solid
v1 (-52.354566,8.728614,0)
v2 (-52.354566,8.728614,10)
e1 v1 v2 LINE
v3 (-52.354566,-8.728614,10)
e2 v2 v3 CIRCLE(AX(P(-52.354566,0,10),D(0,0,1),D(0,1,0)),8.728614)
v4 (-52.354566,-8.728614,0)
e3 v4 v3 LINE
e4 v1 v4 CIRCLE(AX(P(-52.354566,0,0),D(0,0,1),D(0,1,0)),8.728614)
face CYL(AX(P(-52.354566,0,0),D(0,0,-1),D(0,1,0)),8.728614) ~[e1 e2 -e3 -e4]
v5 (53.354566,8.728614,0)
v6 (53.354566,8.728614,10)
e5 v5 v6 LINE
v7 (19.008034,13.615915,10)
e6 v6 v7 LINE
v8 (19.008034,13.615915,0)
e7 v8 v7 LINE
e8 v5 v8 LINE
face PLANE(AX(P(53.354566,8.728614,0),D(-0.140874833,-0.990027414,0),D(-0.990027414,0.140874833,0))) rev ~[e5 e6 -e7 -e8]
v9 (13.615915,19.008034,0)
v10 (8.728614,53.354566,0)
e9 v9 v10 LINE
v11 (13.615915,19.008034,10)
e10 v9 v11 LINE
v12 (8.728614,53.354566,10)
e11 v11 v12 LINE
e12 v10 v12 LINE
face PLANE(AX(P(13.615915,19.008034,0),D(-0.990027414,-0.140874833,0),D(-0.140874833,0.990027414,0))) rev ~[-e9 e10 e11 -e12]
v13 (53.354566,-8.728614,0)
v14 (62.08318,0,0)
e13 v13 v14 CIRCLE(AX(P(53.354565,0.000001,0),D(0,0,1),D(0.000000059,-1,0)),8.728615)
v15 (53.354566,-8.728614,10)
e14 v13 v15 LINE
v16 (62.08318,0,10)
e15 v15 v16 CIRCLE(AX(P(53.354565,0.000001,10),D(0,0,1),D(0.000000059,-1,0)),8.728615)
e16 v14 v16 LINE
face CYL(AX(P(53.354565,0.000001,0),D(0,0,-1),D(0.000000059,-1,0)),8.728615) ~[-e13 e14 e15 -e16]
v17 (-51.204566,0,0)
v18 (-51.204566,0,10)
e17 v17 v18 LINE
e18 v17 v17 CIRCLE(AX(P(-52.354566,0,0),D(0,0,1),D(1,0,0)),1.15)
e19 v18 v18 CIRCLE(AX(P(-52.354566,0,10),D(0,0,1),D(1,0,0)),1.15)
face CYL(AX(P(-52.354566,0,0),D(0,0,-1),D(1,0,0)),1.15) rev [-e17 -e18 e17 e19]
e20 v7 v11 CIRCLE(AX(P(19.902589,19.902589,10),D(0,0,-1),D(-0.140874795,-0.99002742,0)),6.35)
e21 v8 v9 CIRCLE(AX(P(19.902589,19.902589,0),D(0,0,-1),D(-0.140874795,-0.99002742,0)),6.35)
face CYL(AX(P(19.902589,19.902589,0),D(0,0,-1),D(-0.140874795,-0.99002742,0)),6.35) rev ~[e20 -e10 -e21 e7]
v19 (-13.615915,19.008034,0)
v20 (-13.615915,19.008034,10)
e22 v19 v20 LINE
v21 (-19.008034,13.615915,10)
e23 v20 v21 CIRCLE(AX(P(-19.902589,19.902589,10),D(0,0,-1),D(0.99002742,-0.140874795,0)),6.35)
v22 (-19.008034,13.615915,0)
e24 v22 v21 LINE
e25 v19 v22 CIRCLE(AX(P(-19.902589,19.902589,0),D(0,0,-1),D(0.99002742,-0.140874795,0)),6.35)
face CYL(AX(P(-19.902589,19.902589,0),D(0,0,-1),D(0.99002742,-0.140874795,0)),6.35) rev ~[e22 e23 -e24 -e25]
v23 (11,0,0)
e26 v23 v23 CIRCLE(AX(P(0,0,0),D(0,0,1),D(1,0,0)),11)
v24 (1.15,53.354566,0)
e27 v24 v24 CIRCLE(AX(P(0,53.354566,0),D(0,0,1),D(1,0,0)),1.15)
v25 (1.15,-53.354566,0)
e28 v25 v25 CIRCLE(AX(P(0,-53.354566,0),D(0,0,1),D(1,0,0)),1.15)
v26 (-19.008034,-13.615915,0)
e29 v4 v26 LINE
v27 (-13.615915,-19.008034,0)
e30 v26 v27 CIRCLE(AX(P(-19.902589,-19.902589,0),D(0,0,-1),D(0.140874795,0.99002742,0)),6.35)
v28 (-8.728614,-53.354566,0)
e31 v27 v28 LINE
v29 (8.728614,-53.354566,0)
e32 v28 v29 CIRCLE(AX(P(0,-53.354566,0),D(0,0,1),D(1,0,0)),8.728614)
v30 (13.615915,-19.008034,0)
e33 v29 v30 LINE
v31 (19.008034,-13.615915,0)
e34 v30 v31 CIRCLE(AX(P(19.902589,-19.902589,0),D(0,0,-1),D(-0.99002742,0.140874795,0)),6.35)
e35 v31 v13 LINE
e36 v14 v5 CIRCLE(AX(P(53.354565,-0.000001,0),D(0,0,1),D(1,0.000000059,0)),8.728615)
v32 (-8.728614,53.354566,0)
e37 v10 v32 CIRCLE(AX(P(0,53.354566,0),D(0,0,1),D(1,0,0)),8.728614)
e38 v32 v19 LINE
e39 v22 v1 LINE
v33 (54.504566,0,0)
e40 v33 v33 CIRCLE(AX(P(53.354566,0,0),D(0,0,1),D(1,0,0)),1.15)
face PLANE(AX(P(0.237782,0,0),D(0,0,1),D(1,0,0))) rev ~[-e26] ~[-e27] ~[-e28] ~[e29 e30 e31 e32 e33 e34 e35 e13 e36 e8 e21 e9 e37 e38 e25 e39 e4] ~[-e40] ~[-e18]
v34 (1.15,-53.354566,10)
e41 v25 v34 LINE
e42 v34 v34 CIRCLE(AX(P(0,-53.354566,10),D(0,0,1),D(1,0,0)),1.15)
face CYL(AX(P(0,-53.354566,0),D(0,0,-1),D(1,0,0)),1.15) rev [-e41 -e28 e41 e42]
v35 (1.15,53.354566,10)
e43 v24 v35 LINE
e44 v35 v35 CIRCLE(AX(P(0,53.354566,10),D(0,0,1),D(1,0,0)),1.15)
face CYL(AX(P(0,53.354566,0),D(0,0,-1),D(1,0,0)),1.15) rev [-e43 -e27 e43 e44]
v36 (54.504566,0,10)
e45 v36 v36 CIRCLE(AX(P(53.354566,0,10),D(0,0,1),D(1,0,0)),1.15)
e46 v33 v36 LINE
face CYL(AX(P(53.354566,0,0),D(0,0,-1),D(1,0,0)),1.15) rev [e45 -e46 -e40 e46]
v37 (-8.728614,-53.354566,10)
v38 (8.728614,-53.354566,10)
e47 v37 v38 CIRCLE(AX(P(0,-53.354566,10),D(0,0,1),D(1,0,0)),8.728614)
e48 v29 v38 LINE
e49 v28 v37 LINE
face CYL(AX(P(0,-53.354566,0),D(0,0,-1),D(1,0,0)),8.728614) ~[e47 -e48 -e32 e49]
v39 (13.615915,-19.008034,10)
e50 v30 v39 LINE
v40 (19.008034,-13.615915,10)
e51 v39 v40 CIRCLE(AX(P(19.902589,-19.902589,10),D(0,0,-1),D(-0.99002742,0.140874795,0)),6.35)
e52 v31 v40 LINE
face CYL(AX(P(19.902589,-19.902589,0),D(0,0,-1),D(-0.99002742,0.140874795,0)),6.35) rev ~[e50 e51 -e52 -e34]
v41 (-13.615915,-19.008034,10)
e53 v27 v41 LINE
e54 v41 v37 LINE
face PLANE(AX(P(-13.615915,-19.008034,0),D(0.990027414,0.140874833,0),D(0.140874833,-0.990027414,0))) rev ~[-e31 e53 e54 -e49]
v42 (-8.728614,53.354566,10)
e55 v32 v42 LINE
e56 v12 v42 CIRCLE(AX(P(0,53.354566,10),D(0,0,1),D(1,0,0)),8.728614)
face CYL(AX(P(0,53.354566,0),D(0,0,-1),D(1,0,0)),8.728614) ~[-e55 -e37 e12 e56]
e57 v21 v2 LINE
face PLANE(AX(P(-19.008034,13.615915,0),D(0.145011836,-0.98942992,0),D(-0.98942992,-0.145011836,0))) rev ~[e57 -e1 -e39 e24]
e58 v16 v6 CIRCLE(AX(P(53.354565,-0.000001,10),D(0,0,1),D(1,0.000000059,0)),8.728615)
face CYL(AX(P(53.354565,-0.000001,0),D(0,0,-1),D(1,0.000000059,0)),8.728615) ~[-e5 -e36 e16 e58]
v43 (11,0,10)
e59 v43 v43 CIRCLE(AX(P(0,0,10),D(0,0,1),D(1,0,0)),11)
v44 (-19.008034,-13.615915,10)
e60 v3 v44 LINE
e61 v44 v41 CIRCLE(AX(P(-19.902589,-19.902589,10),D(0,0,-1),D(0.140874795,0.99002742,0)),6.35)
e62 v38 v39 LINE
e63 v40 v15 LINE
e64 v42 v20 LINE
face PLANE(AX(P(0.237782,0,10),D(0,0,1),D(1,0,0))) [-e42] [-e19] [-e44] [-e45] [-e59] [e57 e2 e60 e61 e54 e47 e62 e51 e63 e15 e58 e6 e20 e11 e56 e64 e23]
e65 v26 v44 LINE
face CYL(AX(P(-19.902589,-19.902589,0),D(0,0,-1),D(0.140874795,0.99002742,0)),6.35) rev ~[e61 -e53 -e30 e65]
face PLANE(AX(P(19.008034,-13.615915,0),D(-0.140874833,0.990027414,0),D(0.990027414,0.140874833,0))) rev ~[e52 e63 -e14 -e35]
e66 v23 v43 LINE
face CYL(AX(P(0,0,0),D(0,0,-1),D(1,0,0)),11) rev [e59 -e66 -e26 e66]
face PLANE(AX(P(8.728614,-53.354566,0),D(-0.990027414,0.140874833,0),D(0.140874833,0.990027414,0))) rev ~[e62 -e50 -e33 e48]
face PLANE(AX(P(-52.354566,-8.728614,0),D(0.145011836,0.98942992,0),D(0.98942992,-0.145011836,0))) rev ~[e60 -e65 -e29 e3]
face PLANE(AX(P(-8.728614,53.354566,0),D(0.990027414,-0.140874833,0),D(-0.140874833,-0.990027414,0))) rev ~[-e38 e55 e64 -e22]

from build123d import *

# Parameters (mm, degrees)
F0_R     = 11
F0_R_2   = 1.15
F1_DEPTH = 10


with BuildPart() as f1:
    # F0 (on Top) → F1 (new body)
    with BuildSketch(Plane.XY):
        with BuildLine():
            Line((13.615915, 19.008034), (8.728614, 53.354566))
            ThreePointArc((8.728614, 53.354566), (0, 44.625952), (-8.728614, 53.354566))
            Line((-8.728614, 53.354566), (-13.615915, 19.008034))
            ThreePointArc((-13.615915, 19.008034), (-15.412461, 15.412461), (-19.008034, 13.615915))
            Line((-19.008034, 13.615915), (-52.354566, 8.728614))
            ThreePointArc((-52.354566, 8.728614), (-46.182504, 6.172062), (-43.625952, 0))
            ThreePointArc((-43.625952, 0), (-46.182504, -6.172062), (-52.354566, -8.728614))
            Line((-52.354566, -8.728614), (-19.008034, -13.615915))
            ThreePointArc((-19.008034, -13.615915), (-15.412461, -15.412461), (-13.615915, -19.008034))
            Line((-13.615915, -19.008034), (-8.728614, -53.354566))
            ThreePointArc((-8.728614, -53.354566), (0, -44.625952), (8.728614, -53.354566))
            Line((8.728614, -53.354566), (13.615915, -19.008034))
            ThreePointArc((13.615915, -19.008034), (15.412461, -15.412461), (19.008034, -13.615915))
            Line((19.008034, -13.615915), (53.354566, -8.728614))
            ThreePointArc((53.354566, -8.728614), (44.625952, 0), (53.354566, 8.728614))
            Line((53.354566, 8.728614), (19.008034, 13.615915))
            ThreePointArc((19.008034, 13.615915), (15.412461, 15.412461), (13.615915, 19.008034))
        make_face()
        Circle(F0_R, mode=Mode.SUBTRACT)
        with BuildLine():
            ThreePointArc((-8.728614, -53.354566), (0, -62.08318), (8.728614, -53.354566))
            ThreePointArc((8.728614, -53.354566), (0, -44.625952), (-8.728614, -53.354566))
        make_face()
        with Locations((0, -53.354566)):
            Circle(F0_R_2, mode=Mode.SUBTRACT)
        with BuildLine():
            ThreePointArc((-43.625952, 0), (-46.182504, 6.172062), (-52.354566, 8.728614))
            ThreePointArc((-52.354566, 8.728614), (-61.08318, 0), (-52.354566, -8.728614))
            ThreePointArc((-52.354566, -8.728614), (-46.182504, -6.172062), (-43.625952, 0))
        make_face()
        with Locations((-52.354566, 0)):
            Circle(F0_R_2, mode=Mode.SUBTRACT)
        with BuildLine():
            ThreePointArc((-8.728614, 53.354566), (0, 44.625952), (8.728614, 53.354566))
            ThreePointArc((8.728614, 53.354566), (0, 62.08318), (-8.728614, 53.354566))
        make_face()
        with Locations((0, 53.354566)):
            Circle(F0_R_2, mode=Mode.SUBTRACT)
        with BuildLine():
            ThreePointArc((62.08318, 0), (59.526628, 6.172062), (53.354566, 8.728614))
            ThreePointArc((53.354566, 8.728614), (44.625952, 0), (53.354566, -8.728614))
            ThreePointArc((53.354566, -8.728614), (59.526628, -6.172062), (62.08318, 0))
        make_face()
        with Locations((53.354566, 0)):
            Circle(F0_R_2, mode=Mode.SUBTRACT)
    extrude(amount=F1_DEPTH)


solid = f1.part
